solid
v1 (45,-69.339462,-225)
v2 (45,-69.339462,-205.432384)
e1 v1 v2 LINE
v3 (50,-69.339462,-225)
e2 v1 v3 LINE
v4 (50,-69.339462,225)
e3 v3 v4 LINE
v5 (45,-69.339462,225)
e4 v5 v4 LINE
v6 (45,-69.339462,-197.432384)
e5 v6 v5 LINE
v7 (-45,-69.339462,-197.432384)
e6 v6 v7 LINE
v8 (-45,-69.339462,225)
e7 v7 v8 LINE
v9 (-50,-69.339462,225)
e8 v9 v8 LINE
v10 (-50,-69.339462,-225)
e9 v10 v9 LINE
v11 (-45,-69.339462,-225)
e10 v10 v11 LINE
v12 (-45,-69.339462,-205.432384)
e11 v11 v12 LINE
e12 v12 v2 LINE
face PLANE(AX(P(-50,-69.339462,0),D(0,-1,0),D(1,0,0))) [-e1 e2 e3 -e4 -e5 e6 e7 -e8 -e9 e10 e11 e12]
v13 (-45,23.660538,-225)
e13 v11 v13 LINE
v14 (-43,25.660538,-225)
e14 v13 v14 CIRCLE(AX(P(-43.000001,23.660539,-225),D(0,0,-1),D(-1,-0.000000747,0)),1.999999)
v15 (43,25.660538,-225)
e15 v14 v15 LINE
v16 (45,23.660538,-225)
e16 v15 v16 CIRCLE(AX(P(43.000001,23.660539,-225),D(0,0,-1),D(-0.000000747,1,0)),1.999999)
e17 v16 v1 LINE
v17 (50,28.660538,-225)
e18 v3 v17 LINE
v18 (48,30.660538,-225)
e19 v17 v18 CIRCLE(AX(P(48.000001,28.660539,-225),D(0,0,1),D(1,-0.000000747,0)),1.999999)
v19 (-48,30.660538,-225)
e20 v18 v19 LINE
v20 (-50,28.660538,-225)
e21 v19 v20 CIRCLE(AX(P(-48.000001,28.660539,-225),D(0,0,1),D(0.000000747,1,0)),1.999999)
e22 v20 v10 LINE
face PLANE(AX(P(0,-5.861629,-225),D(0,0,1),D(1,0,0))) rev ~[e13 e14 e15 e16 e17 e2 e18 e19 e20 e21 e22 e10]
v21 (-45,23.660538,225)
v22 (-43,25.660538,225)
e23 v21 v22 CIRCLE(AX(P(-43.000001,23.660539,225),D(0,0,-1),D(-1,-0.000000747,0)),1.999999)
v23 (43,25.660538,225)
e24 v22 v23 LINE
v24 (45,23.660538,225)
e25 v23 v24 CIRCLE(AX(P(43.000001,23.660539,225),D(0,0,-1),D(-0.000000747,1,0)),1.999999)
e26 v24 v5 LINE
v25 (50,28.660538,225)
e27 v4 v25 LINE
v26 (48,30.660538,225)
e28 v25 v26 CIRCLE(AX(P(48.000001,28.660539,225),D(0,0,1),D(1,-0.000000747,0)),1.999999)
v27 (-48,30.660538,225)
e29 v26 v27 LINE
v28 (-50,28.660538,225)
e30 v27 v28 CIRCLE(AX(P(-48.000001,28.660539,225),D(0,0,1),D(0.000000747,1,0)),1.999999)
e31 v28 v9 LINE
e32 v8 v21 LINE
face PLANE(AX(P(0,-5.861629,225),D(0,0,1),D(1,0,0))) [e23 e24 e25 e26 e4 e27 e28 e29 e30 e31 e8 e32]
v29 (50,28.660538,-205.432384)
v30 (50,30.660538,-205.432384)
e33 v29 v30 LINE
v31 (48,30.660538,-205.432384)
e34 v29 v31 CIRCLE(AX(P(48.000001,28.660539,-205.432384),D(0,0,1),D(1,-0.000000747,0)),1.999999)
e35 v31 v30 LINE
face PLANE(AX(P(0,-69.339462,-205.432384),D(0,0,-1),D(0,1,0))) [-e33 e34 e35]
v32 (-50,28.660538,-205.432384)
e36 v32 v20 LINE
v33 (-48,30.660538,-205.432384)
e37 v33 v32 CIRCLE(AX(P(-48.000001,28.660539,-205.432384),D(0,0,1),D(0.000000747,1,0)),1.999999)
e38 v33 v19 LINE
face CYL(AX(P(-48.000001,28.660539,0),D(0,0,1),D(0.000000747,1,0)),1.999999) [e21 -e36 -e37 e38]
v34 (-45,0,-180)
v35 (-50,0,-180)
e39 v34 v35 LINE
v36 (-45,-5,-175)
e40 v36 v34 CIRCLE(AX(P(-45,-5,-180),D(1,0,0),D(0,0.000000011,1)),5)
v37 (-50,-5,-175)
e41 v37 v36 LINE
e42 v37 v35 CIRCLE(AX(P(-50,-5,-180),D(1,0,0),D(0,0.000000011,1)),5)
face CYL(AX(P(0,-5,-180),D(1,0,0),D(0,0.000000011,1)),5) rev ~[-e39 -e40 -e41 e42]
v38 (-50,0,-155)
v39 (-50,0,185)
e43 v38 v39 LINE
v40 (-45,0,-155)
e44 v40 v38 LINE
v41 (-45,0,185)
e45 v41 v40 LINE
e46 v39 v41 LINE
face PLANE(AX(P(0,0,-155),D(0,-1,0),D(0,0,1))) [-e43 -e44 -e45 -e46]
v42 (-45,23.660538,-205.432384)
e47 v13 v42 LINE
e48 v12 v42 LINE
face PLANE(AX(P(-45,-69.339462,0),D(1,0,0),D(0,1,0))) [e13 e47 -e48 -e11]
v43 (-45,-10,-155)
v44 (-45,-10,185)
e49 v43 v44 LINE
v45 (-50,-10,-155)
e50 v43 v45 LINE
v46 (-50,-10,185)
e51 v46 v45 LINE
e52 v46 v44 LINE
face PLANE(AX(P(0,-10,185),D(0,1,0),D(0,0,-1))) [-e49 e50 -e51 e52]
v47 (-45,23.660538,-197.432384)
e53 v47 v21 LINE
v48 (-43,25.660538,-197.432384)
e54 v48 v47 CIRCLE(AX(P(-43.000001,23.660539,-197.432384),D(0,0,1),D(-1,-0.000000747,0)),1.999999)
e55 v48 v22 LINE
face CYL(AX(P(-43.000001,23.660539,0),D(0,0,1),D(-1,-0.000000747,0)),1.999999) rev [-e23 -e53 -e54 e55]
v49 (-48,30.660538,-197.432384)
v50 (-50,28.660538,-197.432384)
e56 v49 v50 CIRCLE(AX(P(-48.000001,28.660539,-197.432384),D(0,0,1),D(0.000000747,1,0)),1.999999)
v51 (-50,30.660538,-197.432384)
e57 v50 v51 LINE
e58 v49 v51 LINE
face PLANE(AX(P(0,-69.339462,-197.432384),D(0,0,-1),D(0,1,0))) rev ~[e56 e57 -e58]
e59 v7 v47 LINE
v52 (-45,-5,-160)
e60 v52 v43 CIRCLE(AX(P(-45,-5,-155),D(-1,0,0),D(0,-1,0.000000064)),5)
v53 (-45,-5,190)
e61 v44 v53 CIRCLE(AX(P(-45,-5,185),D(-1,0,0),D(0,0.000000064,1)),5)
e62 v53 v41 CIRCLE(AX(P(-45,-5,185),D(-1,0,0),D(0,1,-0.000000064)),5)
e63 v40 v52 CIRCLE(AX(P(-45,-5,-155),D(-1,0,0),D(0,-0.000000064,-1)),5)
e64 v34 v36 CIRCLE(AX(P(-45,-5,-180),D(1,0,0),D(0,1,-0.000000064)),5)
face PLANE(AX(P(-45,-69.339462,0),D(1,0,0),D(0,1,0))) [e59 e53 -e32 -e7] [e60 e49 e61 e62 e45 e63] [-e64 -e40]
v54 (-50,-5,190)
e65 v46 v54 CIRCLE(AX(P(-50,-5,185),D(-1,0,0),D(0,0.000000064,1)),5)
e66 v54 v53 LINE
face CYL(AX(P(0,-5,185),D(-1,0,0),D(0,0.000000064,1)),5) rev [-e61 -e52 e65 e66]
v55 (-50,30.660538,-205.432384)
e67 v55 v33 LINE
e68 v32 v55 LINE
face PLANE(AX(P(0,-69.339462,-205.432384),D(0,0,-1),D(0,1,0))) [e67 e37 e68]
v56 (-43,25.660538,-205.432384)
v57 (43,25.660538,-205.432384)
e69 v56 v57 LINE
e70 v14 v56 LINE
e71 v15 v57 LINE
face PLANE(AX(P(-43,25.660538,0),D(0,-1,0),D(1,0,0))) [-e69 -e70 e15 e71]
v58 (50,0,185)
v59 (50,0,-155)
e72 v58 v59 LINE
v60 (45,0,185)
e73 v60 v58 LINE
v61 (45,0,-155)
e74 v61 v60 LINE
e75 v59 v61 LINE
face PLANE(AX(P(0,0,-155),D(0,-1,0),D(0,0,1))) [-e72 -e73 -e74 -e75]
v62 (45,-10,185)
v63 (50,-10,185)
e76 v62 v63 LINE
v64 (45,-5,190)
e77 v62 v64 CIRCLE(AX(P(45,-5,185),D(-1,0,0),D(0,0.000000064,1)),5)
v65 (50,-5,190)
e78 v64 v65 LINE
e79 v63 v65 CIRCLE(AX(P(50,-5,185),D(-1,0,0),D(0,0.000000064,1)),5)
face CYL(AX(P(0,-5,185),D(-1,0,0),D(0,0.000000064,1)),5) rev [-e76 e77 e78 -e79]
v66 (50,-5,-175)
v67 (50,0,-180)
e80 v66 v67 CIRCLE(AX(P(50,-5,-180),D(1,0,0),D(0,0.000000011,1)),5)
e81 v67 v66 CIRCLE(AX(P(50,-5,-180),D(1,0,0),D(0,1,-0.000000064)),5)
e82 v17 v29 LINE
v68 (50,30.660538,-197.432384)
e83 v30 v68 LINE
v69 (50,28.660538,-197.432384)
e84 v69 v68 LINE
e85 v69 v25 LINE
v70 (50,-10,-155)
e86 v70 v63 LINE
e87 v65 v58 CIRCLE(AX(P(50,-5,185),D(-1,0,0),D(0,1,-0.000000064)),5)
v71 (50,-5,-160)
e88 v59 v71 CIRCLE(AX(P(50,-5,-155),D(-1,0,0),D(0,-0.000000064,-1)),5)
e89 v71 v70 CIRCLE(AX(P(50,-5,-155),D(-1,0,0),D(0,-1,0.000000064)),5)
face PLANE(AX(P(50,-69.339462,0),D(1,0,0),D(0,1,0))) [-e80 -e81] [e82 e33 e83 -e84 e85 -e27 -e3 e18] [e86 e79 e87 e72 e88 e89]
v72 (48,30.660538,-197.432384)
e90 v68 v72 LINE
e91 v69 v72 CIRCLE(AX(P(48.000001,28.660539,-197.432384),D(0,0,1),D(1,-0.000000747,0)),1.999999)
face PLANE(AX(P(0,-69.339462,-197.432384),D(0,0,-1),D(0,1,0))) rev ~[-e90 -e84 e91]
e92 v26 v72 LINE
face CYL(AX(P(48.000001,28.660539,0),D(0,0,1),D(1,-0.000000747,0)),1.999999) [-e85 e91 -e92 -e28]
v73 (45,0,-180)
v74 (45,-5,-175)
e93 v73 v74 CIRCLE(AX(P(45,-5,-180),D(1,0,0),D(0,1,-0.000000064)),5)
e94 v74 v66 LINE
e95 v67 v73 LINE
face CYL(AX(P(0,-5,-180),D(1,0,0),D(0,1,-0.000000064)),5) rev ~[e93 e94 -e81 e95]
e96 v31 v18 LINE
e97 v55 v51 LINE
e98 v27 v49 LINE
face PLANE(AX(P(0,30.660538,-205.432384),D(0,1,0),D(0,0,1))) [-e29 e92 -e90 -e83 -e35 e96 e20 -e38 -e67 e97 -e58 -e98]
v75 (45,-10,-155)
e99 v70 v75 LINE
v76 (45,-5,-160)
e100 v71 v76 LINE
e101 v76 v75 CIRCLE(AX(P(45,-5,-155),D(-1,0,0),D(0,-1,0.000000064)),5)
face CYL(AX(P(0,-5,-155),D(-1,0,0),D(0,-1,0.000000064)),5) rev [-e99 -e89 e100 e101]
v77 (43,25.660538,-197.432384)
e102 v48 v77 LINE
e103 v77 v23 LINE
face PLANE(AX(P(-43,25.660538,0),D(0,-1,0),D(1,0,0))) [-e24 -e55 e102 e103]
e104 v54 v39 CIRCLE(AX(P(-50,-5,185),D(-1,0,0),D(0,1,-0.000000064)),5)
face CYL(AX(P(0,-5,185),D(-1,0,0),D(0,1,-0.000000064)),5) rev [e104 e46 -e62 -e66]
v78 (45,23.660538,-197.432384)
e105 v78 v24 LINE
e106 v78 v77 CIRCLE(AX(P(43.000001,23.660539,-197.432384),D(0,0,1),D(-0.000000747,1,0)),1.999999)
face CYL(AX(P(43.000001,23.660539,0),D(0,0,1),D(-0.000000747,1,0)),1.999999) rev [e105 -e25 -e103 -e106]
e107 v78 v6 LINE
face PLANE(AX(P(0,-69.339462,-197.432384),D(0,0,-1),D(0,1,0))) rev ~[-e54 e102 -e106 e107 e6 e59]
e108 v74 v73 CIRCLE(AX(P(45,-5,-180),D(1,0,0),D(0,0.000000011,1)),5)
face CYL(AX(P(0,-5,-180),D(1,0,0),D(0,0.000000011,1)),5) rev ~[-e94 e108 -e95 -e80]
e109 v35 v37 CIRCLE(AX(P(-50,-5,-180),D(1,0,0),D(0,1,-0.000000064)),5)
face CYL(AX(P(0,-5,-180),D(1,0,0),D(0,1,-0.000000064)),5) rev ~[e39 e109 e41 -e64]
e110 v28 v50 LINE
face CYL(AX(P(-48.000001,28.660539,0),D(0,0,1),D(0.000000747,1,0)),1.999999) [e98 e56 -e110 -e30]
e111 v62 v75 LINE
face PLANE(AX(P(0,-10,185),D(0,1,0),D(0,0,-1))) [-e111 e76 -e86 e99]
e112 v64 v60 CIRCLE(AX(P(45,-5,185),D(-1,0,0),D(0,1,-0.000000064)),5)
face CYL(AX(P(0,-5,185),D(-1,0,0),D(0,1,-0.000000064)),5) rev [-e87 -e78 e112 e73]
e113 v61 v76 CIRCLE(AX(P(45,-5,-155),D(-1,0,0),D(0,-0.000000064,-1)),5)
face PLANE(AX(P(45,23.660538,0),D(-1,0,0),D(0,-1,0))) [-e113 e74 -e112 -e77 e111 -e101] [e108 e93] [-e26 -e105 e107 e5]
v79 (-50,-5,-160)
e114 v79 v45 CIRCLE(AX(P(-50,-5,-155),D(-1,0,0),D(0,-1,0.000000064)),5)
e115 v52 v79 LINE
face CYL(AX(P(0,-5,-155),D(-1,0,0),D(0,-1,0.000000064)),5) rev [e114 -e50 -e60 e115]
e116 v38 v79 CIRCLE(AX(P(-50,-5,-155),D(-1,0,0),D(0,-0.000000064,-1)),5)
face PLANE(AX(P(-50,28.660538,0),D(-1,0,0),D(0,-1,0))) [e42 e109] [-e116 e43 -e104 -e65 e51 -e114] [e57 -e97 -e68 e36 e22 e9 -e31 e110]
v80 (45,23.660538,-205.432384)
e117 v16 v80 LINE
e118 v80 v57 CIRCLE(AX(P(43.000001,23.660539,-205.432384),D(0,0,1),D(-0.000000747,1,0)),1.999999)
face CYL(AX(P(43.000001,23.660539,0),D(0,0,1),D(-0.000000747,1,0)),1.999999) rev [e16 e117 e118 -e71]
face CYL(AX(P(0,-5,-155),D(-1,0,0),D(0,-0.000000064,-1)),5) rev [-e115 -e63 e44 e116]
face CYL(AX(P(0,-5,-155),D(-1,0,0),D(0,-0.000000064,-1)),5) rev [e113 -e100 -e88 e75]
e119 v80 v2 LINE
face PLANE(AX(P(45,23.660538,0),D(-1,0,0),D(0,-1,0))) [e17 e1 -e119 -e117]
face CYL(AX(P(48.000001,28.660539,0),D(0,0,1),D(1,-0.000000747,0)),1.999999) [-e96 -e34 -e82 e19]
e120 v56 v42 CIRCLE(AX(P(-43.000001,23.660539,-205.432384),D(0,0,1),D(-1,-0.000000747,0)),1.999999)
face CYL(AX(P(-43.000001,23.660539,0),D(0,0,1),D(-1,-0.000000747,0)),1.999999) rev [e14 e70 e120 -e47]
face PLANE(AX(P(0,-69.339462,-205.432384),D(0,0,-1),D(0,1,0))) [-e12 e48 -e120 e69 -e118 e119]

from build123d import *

# Parameters (mm, degrees)
F1_DEPTH = 225
F3_DEPTH = 60
F2_W     = 100
F2_H     = 8
F4_DEPTH = 50


with BuildPart() as f1:
    # F0 (on Top) → F1 (new body, symmetric)
    with BuildSketch(Plane.XY):
        with BuildLine():
            Line((-50, 28.660538), (-50, -69.339462))
            Line((-50, -69.339462), (-45, -69.339462))
            Line((-45, -69.339462), (-45, 23.660538))
            ThreePointArc((-45, 23.660538), (-44.414214, 25.074752), (-43, 25.660538))
            Line((-43, 25.660538), (43, 25.660538))
            ThreePointArc((43, 25.660538), (44.414214, 25.074752), (45, 23.660538))
            Line((45, 23.660538), (45, -69.339462))
            Line((45, -69.339462), (50, -69.339462))
            Line((50, -69.339462), (50, 28.660538))
            ThreePointArc((50, 28.660538), (49.414214, 30.074752), (48, 30.660538))
            Line((48, 30.660538), (-48, 30.660538))
            ThreePointArc((-48, 30.660538), (-49.414214, 30.074752), (-50, 28.660538))
        make_face()
    extrude(amount=F1_DEPTH, both=True)

    # F2 (on Right) → F3 (cut, symmetric)
    with BuildSketch(Plane.YZ):
        with BuildLine():
            Line((0, -155), (0, 185))
            ThreePointArc((0, 185), (-1.464466, 188.535534), (-5, 190))
            ThreePointArc((-5, 190), (-8.535534, 188.535534), (-10, 185))
            Line((-10, 185), (-10, -155))
            ThreePointArc((-10, -155), (-8.535534, -158.535534), (-5, -160))
            ThreePointArc((-5, -160), (-1.464466, -158.535534), (0, -155))
        make_face()
        with BuildLine():
            ThreePointArc((0, -180), (-1.464466, -176.464466), (-5, -175))
            ThreePointArc((-5, -175), (-8.535534, -183.535534), (0, -180))
        make_face()
    extrude(amount=F3_DEPTH, both=True, mode=Mode.SUBTRACT)

    # F2 (on Right) → F4 (join, symmetric)
    with BuildSketch(Plane.YZ):
        with Locations((-19.339462, -201.432384)):
            Rectangle(F2_W, F2_H)
    extrude(amount=F4_DEPTH, both=True)


solid = f1.part
